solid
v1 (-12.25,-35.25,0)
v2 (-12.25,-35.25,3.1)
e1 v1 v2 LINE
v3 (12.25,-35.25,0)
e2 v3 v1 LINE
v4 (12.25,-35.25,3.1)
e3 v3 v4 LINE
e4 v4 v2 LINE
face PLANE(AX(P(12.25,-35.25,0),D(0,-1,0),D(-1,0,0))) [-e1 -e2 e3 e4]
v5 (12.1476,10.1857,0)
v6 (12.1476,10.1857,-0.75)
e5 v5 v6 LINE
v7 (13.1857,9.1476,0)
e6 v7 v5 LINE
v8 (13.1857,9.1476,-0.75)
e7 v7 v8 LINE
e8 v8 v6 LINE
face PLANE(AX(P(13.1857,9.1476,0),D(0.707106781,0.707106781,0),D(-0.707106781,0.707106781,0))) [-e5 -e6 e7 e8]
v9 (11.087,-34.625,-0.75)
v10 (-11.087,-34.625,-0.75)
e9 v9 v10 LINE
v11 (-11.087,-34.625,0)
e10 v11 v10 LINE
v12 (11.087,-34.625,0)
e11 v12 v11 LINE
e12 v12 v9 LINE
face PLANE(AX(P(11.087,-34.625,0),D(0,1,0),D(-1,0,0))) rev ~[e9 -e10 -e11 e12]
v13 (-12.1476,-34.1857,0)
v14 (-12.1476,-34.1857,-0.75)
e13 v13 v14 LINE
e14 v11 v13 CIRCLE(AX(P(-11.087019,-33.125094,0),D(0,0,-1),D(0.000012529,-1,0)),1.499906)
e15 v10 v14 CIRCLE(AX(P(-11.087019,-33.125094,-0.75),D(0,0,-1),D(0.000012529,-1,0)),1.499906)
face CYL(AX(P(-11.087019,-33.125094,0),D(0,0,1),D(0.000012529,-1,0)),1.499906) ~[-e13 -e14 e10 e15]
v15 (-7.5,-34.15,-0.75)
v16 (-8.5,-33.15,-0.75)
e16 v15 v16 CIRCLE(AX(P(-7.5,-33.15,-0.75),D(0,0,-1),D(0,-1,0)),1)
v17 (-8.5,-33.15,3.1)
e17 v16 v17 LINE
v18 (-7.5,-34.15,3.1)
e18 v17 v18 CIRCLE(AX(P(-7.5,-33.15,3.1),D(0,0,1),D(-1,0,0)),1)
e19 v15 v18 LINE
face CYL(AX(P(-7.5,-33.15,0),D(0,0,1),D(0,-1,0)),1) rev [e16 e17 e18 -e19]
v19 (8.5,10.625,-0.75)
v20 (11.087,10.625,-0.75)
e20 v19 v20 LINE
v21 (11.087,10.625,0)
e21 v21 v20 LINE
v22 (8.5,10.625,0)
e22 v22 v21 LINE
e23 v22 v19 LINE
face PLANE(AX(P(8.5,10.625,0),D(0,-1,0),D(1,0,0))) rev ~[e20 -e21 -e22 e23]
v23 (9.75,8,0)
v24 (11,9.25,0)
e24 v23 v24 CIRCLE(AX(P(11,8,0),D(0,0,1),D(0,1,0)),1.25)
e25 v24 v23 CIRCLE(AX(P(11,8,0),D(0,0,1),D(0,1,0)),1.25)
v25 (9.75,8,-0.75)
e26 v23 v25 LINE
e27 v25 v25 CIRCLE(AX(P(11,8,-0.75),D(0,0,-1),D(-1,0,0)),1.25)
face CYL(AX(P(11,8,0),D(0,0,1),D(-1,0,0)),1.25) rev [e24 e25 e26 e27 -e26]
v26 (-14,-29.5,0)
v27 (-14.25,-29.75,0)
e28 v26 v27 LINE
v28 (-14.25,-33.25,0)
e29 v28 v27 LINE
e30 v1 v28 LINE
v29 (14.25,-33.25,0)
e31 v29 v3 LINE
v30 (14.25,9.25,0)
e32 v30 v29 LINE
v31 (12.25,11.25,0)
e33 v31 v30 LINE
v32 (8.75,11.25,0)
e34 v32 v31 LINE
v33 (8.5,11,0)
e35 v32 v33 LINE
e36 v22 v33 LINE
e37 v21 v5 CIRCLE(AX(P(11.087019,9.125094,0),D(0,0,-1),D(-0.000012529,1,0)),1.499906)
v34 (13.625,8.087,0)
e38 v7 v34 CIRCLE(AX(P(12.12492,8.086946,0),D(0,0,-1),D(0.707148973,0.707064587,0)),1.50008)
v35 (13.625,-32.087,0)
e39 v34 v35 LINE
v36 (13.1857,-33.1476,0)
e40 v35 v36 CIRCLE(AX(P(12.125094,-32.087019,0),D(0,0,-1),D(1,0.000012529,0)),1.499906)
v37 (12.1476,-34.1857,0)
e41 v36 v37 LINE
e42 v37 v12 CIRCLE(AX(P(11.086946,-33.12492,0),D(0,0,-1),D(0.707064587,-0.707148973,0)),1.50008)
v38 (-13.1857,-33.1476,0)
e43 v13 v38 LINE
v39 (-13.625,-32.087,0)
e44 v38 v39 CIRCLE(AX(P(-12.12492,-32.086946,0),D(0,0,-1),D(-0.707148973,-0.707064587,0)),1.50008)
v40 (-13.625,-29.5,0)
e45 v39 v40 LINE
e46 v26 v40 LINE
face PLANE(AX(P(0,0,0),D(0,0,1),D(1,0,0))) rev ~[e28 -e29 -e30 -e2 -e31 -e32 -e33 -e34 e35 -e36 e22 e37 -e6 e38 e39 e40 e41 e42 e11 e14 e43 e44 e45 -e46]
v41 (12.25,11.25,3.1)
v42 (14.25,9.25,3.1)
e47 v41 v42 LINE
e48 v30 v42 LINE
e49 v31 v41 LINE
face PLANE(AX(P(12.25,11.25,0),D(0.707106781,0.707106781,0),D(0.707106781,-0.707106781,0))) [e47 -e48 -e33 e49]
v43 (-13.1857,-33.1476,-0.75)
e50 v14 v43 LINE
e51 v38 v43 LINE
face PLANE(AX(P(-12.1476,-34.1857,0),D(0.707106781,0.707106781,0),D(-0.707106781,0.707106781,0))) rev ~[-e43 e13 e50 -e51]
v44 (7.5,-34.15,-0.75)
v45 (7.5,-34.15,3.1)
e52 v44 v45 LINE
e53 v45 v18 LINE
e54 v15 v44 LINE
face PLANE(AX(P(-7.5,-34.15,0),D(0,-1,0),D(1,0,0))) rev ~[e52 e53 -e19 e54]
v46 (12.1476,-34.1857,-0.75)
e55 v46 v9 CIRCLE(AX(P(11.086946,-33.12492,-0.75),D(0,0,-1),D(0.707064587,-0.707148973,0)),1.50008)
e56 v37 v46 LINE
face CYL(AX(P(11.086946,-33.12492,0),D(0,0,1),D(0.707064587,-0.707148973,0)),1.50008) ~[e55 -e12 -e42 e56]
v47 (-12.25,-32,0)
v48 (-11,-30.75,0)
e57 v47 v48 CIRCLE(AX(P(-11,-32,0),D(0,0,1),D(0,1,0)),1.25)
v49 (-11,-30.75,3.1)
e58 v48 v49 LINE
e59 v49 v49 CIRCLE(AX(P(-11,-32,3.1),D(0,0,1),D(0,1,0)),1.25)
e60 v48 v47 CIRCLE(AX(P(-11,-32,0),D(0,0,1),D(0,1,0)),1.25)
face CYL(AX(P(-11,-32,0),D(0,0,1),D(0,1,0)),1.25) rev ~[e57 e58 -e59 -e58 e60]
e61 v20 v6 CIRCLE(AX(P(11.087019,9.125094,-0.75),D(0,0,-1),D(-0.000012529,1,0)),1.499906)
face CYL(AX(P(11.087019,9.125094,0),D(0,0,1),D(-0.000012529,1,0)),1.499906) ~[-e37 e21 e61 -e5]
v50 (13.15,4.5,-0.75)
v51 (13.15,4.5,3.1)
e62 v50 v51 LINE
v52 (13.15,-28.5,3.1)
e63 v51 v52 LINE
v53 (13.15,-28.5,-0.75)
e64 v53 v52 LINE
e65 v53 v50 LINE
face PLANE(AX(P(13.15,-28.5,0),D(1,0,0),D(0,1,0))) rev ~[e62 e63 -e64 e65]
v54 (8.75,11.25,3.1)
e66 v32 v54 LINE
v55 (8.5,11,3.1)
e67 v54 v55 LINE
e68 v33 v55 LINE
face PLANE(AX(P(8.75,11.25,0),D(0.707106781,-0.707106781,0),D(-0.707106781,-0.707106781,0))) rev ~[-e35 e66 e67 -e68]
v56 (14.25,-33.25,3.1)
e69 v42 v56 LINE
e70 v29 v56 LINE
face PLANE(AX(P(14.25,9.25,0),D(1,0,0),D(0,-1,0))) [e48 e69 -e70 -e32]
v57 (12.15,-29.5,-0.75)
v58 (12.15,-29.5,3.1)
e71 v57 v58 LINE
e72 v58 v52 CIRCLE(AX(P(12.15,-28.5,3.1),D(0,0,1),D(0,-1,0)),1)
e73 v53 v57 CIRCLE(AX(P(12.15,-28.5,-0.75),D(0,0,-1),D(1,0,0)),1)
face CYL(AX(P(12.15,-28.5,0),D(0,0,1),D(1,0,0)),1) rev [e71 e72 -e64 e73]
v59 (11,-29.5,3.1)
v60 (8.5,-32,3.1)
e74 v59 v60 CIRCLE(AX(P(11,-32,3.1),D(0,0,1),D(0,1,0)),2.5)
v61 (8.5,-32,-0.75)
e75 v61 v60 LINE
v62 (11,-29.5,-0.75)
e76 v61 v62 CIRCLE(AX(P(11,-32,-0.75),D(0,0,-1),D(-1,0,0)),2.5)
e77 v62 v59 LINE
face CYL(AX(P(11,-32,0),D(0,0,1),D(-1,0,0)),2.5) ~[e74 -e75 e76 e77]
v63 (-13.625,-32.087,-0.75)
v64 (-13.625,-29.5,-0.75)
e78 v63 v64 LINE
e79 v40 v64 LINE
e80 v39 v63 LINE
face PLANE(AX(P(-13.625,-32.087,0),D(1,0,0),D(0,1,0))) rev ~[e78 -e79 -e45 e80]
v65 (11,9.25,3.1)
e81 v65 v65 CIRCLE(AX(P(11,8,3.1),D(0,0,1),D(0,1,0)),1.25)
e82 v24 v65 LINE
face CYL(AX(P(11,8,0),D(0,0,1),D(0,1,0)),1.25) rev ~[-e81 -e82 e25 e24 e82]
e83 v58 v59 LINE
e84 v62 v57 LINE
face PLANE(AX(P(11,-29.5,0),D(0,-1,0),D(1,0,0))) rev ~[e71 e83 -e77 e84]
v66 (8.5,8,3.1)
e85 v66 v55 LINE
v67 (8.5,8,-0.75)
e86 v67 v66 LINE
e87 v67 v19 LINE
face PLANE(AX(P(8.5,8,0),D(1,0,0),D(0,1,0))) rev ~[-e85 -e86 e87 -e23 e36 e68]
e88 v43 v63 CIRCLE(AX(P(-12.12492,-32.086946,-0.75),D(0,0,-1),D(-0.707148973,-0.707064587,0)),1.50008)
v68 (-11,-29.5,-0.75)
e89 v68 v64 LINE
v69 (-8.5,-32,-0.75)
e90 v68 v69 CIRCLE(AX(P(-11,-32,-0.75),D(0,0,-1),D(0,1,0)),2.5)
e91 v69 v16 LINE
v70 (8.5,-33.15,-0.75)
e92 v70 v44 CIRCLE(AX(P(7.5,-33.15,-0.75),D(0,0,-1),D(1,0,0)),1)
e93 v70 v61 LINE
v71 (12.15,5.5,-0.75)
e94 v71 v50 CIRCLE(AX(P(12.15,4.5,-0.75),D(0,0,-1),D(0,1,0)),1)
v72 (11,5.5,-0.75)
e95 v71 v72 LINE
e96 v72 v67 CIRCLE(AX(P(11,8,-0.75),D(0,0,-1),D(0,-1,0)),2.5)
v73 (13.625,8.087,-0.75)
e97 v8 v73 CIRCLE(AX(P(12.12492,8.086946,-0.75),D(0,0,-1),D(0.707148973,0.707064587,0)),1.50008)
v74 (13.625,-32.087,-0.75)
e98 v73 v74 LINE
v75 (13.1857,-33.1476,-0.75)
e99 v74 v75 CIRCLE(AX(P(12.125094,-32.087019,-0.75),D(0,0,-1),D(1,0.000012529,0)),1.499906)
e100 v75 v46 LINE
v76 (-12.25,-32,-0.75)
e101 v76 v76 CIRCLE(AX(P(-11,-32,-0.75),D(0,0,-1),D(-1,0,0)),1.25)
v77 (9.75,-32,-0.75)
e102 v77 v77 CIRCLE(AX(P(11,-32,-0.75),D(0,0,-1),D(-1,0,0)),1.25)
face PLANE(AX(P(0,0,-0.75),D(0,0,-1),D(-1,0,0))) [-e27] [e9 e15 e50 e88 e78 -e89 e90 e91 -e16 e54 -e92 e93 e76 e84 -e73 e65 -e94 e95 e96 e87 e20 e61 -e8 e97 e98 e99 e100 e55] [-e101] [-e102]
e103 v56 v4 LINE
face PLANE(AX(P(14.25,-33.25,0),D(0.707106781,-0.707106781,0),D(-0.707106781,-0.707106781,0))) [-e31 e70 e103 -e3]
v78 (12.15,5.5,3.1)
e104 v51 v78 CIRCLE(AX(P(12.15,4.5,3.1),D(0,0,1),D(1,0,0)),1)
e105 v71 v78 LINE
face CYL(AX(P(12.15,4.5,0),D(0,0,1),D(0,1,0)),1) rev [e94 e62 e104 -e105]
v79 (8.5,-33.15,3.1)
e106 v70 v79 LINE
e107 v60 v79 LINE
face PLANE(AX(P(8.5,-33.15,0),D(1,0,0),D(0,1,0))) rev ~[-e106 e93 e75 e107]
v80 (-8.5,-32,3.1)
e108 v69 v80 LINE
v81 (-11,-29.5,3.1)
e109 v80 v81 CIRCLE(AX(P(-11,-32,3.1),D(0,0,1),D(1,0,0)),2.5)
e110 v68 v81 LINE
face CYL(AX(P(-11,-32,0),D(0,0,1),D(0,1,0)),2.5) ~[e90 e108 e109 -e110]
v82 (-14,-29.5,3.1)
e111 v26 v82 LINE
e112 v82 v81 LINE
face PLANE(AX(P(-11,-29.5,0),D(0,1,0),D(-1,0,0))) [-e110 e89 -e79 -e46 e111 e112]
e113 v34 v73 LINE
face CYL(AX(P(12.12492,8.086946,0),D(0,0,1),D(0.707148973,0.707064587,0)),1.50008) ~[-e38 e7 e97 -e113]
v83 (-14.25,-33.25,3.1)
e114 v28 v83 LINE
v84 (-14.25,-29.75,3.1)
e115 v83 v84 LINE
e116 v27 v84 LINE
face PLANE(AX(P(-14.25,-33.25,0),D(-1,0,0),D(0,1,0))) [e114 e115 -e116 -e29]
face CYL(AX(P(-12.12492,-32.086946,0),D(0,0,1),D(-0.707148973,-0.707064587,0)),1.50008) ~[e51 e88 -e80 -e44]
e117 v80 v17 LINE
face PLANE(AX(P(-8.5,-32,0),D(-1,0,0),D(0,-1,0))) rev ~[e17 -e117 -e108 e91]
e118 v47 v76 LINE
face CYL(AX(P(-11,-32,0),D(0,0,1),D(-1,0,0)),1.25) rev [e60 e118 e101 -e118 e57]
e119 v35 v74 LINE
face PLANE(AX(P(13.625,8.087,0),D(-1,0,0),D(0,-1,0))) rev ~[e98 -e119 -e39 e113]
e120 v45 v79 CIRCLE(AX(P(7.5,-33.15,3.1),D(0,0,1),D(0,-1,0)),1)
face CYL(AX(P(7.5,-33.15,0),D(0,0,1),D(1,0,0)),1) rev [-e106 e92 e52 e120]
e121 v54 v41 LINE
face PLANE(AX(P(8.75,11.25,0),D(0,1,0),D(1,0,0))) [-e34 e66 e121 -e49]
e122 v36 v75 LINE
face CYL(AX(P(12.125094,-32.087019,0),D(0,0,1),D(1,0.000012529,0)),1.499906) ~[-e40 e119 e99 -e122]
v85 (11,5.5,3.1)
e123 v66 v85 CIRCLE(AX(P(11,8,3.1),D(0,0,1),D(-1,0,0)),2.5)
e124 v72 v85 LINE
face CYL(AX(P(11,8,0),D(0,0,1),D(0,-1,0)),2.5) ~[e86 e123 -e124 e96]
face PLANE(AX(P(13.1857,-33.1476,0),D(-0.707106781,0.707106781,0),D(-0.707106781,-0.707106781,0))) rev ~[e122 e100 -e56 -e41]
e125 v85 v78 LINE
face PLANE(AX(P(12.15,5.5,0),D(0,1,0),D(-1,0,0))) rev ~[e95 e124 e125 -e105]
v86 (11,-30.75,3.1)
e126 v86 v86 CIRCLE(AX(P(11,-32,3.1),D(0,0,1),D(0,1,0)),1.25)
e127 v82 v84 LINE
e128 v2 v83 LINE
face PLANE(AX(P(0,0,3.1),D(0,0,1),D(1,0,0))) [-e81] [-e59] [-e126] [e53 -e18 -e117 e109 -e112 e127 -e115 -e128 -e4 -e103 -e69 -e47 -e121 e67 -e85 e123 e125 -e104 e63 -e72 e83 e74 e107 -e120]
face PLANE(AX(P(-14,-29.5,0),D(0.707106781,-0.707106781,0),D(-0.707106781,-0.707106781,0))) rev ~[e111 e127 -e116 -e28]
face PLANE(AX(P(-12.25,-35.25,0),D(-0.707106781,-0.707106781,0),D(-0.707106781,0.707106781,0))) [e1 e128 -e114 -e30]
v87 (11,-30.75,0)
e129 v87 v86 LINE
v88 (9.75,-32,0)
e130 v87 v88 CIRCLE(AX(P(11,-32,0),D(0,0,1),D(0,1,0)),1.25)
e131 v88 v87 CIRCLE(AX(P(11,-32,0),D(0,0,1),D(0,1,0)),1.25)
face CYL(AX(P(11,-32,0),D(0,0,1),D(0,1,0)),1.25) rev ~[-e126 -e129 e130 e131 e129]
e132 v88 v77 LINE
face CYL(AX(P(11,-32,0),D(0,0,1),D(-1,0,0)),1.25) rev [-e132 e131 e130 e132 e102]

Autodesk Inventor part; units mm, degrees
ref_plane "YZ Plane" through (0, 0, 0) normal (1, 0, 0) x (0, 1, 0)
ref_plane "XZ Plane" through (0, 0, 0) normal (0, 1, 0) x (-1, 0, 0)
ref_plane "XY Plane" through (0, 0, 0) normal (0, 0, 1) x (1, 0, 0)
sketch "スケッチ1" plane through (0, 0, 0) normal (0, 0, 1) x (1, 0, 0)
  line L0 (8.75, 11.25) -> (12.25, 11.25)
  line L1 (14.25, 9.25) -> (14.25, -33.25)
  line L2 (12.25, -35.25) -> (-12.25, -35.25)
  line L3 (-14.25, -33.25) -> (-14.25, -29.75)
  line L4 (-12.25, 11.25) -> (-14.25, 9.25)
  line L5 (12.25, 11.25) -> (14.25, 9.25)
  line L6 (14.25, -33.25) -> (12.25, -35.25)
  line L7 (-12.25, -35.25) -> (-14.25, -33.25)
  line L8 (0, 0) -> (-26.5626, 0) construction
  line L9 (0, 0) -> (0, 27.9433) construction
  line L10 (-11, 8) -> (11, 8) construction
  line L11 (11, 8) -> (11, -32) construction
  line L12 (11, -32) -> (-11, -32) construction
  line L13 (-11, -32) -> (-11, 8) construction
  line L14 (-13.15, -28.5) -> (-13.15, 4.5) construction
  line L15 (-7.5, 10.15) -> (7.5, 10.15) construction
  line L16 (13.15, 4.5) -> (13.15, -28.5)
  line L17 (7.5, -34.15) -> (-7.5, -34.15)
  line L18 (8.5, 8) -> (8.5, 11)
  line L19 (11, 5.5) -> (12.15, 5.5)
  arc A0 (8.5, 8) -> (11, 5.5) centre (11, 8) ccw
  line L20 (12.15, -29.5) -> (11, -29.5)
  line L21 (8.5, -32) -> (8.5, -33.15)
  arc A1 (11, -29.5) -> (8.5, -32) centre (11, -32) ccw
  line L22 (-8.5, 8) -> (-8.5, 9.15) construction
  line L23 (-11, 5.5) -> (-12.15, 5.5) construction
  arc A2 (-11, 5.5) -> (-8.5, 8) centre (-11, 8) ccw construction
  line L24 (-14, -29.5) -> (-11, -29.5)
  line L25 (-8.5, -32) -> (-8.5, -33.15)
  arc A3 (-8.5, -32) -> (-11, -29.5) centre (-11, -32) ccw
  arc A4 (8.5, 9.15) -> (7.5, 10.15) centre (7.5, 9.15) ccw construction
  arc A5 (13.15, 4.5) -> (12.15, 5.5) centre (12.15, 4.5) ccw
  arc A6 (12.15, -29.5) -> (13.15, -28.5) centre (12.15, -28.5) ccw
  arc A7 (7.5, -34.15) -> (8.5, -33.15) centre (7.5, -33.15) ccw
  arc A8 (-8.5, -33.15) -> (-7.5, -34.15) centre (-7.5, -33.15) ccw
  arc A9 (-13.15, -28.5) -> (-12.15, -29.5) centre (-12.15, -28.5) ccw construction
  arc A10 (-12.15, 5.5) -> (-13.15, 4.5) centre (-12.15, 4.5) ccw construction
  arc A11 (-7.5, 10.15) -> (-8.5, 9.15) centre (-7.5, 9.15) ccw construction
  line L26 (8.75, 11.25) -> (8.5, 11)
  line L27 (-14, -29.5) -> (-14.25, -29.75)
  point P0 (-14.25, 11.25)
  point P1 (14.25, -35.25)
  point P2 (14.25, 11.25)
  point P3 (-14.25, -35.25)
  point P4 (8.5, 10.15)
  point P5 (13.15, 5.5)
  point P6 (13.15, -29.5)
  point P7 (8.5, -34.15)
  point P8 (-8.5, 10.15)
  point P9 (-13.15, 5.5)
  point P10 (-13.15, -29.5)
  point P11 (-8.5, -34.15)
  point P12 (8.5, 11.25)
  point P13 (-14.25, -29.5)
  dimension "d0" = 2
  dimension "d1" = 2
  dimension "d2" = 2
  dimension "d3" = 2
  dimension "d4" = 2
  dimension "d5" = 2
  dimension "d6" = 2
  dimension "d7" = 2
  dimension "d8" = 28.5
  dimension "d9" = 11.25
  dimension "d10" = 46.5
  dimension "d11" = 8
  dimension "d12" = 22
  dimension "d13" = 40
  dimension "d14" = 1.1
  dimension "d15" = 2.5
  dimension "d16" = 2.5
  dimension "d17" = 1.1
  dimension "d18" = 1.1
  dimension "d19" = 1
  dimension "d35" = 0.25
  dimension "d36" = 0.25
  dimension "d37" = 0.25
  dimension "d38" = 0.25
extrude "押し出し1" add sketch "スケッチ1" along normal blind 3.1
hole "穴1" at (-11, 8, 0) at (11, 8, 0) at (11, -32, 0) at (-11, -32, 0) direction (0, 0, 1) diameter 2.5 end through all
sketch "スケッチ3" plane through (0, 0, 0) normal (0, 0, -1) x (-1, 0, 0)
  line L0 (-8.75, 11.25) -> (-12.25, 11.25) construction
  line L1 (14.25, -33.25) -> (14.25, -29.75) construction
  line L2 (12.25, -35.25) -> (14.25, -33.25) construction
  line L3 (-12.25, -35.25) -> (12.25, -35.25) construction
  line L4 (-14.25, -33.25) -> (-12.25, -35.25) construction
  line L5 (-14.25, 9.25) -> (-14.25, -33.25) construction
  line L6 (-12.25, 11.25) -> (-14.25, 9.25) construction
  line L7 (-8.5, 10.625) -> (-11.087, 10.625)
  line L8 (-11.9911, 10.625) -> (-13.625, 8.9911) construction
  line L9 (-13.625, 8.087) -> (-13.625, -32.087)
  line L10 (-13.625, -32.9911) -> (-11.9911, -34.625) construction
  line L11 (-11.087, -34.625) -> (11.087, -34.625)
  line L12 (11.9911, -34.625) -> (13.625, -32.9911) construction
  line L13 (13.625, -32.087) -> (13.625, -29.5)
  line L14 (-13.1857, -33.1476) -> (-12.1476, -34.1857)
  line L15 (12.1476, -34.1857) -> (13.1857, -33.1476)
  line L16 (-13.1857, 9.1476) -> (-12.1476, 10.1857)
  arc A0 (-13.1857, 9.1476) -> (-13.625, 8.087) centre (-12.125, 8.087) ccw
  arc A1 (-11.087, 10.625) -> (-12.1476, 10.1857) centre (-11.087, 9.125) ccw
  arc A2 (13.1857, -33.1476) -> (13.625, -32.087) centre (12.125, -32.087) ccw
  arc A3 (11.087, -34.625) -> (12.1476, -34.1857) centre (11.087, -33.125) ccw
  arc A4 (-12.1476, -34.1857) -> (-11.087, -34.625) centre (-11.087, -33.125) ccw
  arc A5 (-13.625, -32.087) -> (-13.1857, -33.1476) centre (-12.125, -32.087) ccw
  arc A6 (-12.15, 5.5) -> (-13.15, 4.5) centre (-12.15, 4.5) ccw projected
  line L17 (-12.15, 5.5) -> (-11, 5.5) projected
  arc A7 (-11, 5.5) -> (-8.5, 8) centre (-11, 8) ccw projected
  line L18 (-8.5, 8) -> (-8.5, 11) construction
  line L19 (14, -29.5) -> (11, -29.5) construction
  arc A8 (11, -29.5) -> (8.5, -32) centre (11, -32) ccw projected
  line L20 (8.5, -32) -> (8.5, -33.15) projected
  arc A9 (7.5, -34.15) -> (8.5, -33.15) centre (7.5, -33.15) ccw projected
  circle A10 centre (11, -32) radius 1.25 projected
  line L21 (7.5, -34.15) -> (-7.5, -34.15) projected
  arc A11 (-8.5, -33.15) -> (-7.5, -34.15) centre (-7.5, -33.15) ccw projected
  line L22 (-8.5, -33.15) -> (-8.5, -32) projected
  arc A12 (-8.5, -32) -> (-11, -29.5) centre (-11, -32) ccw projected
  line L23 (-11, -29.5) -> (-12.15, -29.5) projected
  arc A13 (-13.15, -28.5) -> (-12.15, -29.5) centre (-12.15, -28.5) ccw projected
  circle A14 centre (-11, -32) radius 1.25 projected
  line L24 (-13.15, -28.5) -> (-13.15, 4.5) projected
  circle A15 centre (-11, 8) radius 1.25 projected
  line L25 (11, -29.5) -> (13.625, -29.5)
  line L26 (-8.5, 8) -> (-8.5, 10.625)
  point P0 (0, 0)
  dimension "d30" = 0.625
  dimension "d31" = 1.5
  dimension "d32" = 0.2
  dimension "d39" = 0.625
  dimension "d40" = 0.625
  dimension "d41" = 0.2
extrude "押し出し2" add sketch "スケッチ3" along normal blind 0.75
equation "\"d1\" = d0"
equation "\"d2\" = d0"
equation "\"d3\" = d2"
equation "\"d4\" = d0"
equation "\"d5\" = d4"
equation "\"d6\" = d0"
equation "\"d7\" = d6"
equation "\"d36\" = d35"
equation "\"d37\" = d35"
equation "\"d38\" = d37"
properties part number "COXA_YAW_ROLL_ADPT_SPACER"
